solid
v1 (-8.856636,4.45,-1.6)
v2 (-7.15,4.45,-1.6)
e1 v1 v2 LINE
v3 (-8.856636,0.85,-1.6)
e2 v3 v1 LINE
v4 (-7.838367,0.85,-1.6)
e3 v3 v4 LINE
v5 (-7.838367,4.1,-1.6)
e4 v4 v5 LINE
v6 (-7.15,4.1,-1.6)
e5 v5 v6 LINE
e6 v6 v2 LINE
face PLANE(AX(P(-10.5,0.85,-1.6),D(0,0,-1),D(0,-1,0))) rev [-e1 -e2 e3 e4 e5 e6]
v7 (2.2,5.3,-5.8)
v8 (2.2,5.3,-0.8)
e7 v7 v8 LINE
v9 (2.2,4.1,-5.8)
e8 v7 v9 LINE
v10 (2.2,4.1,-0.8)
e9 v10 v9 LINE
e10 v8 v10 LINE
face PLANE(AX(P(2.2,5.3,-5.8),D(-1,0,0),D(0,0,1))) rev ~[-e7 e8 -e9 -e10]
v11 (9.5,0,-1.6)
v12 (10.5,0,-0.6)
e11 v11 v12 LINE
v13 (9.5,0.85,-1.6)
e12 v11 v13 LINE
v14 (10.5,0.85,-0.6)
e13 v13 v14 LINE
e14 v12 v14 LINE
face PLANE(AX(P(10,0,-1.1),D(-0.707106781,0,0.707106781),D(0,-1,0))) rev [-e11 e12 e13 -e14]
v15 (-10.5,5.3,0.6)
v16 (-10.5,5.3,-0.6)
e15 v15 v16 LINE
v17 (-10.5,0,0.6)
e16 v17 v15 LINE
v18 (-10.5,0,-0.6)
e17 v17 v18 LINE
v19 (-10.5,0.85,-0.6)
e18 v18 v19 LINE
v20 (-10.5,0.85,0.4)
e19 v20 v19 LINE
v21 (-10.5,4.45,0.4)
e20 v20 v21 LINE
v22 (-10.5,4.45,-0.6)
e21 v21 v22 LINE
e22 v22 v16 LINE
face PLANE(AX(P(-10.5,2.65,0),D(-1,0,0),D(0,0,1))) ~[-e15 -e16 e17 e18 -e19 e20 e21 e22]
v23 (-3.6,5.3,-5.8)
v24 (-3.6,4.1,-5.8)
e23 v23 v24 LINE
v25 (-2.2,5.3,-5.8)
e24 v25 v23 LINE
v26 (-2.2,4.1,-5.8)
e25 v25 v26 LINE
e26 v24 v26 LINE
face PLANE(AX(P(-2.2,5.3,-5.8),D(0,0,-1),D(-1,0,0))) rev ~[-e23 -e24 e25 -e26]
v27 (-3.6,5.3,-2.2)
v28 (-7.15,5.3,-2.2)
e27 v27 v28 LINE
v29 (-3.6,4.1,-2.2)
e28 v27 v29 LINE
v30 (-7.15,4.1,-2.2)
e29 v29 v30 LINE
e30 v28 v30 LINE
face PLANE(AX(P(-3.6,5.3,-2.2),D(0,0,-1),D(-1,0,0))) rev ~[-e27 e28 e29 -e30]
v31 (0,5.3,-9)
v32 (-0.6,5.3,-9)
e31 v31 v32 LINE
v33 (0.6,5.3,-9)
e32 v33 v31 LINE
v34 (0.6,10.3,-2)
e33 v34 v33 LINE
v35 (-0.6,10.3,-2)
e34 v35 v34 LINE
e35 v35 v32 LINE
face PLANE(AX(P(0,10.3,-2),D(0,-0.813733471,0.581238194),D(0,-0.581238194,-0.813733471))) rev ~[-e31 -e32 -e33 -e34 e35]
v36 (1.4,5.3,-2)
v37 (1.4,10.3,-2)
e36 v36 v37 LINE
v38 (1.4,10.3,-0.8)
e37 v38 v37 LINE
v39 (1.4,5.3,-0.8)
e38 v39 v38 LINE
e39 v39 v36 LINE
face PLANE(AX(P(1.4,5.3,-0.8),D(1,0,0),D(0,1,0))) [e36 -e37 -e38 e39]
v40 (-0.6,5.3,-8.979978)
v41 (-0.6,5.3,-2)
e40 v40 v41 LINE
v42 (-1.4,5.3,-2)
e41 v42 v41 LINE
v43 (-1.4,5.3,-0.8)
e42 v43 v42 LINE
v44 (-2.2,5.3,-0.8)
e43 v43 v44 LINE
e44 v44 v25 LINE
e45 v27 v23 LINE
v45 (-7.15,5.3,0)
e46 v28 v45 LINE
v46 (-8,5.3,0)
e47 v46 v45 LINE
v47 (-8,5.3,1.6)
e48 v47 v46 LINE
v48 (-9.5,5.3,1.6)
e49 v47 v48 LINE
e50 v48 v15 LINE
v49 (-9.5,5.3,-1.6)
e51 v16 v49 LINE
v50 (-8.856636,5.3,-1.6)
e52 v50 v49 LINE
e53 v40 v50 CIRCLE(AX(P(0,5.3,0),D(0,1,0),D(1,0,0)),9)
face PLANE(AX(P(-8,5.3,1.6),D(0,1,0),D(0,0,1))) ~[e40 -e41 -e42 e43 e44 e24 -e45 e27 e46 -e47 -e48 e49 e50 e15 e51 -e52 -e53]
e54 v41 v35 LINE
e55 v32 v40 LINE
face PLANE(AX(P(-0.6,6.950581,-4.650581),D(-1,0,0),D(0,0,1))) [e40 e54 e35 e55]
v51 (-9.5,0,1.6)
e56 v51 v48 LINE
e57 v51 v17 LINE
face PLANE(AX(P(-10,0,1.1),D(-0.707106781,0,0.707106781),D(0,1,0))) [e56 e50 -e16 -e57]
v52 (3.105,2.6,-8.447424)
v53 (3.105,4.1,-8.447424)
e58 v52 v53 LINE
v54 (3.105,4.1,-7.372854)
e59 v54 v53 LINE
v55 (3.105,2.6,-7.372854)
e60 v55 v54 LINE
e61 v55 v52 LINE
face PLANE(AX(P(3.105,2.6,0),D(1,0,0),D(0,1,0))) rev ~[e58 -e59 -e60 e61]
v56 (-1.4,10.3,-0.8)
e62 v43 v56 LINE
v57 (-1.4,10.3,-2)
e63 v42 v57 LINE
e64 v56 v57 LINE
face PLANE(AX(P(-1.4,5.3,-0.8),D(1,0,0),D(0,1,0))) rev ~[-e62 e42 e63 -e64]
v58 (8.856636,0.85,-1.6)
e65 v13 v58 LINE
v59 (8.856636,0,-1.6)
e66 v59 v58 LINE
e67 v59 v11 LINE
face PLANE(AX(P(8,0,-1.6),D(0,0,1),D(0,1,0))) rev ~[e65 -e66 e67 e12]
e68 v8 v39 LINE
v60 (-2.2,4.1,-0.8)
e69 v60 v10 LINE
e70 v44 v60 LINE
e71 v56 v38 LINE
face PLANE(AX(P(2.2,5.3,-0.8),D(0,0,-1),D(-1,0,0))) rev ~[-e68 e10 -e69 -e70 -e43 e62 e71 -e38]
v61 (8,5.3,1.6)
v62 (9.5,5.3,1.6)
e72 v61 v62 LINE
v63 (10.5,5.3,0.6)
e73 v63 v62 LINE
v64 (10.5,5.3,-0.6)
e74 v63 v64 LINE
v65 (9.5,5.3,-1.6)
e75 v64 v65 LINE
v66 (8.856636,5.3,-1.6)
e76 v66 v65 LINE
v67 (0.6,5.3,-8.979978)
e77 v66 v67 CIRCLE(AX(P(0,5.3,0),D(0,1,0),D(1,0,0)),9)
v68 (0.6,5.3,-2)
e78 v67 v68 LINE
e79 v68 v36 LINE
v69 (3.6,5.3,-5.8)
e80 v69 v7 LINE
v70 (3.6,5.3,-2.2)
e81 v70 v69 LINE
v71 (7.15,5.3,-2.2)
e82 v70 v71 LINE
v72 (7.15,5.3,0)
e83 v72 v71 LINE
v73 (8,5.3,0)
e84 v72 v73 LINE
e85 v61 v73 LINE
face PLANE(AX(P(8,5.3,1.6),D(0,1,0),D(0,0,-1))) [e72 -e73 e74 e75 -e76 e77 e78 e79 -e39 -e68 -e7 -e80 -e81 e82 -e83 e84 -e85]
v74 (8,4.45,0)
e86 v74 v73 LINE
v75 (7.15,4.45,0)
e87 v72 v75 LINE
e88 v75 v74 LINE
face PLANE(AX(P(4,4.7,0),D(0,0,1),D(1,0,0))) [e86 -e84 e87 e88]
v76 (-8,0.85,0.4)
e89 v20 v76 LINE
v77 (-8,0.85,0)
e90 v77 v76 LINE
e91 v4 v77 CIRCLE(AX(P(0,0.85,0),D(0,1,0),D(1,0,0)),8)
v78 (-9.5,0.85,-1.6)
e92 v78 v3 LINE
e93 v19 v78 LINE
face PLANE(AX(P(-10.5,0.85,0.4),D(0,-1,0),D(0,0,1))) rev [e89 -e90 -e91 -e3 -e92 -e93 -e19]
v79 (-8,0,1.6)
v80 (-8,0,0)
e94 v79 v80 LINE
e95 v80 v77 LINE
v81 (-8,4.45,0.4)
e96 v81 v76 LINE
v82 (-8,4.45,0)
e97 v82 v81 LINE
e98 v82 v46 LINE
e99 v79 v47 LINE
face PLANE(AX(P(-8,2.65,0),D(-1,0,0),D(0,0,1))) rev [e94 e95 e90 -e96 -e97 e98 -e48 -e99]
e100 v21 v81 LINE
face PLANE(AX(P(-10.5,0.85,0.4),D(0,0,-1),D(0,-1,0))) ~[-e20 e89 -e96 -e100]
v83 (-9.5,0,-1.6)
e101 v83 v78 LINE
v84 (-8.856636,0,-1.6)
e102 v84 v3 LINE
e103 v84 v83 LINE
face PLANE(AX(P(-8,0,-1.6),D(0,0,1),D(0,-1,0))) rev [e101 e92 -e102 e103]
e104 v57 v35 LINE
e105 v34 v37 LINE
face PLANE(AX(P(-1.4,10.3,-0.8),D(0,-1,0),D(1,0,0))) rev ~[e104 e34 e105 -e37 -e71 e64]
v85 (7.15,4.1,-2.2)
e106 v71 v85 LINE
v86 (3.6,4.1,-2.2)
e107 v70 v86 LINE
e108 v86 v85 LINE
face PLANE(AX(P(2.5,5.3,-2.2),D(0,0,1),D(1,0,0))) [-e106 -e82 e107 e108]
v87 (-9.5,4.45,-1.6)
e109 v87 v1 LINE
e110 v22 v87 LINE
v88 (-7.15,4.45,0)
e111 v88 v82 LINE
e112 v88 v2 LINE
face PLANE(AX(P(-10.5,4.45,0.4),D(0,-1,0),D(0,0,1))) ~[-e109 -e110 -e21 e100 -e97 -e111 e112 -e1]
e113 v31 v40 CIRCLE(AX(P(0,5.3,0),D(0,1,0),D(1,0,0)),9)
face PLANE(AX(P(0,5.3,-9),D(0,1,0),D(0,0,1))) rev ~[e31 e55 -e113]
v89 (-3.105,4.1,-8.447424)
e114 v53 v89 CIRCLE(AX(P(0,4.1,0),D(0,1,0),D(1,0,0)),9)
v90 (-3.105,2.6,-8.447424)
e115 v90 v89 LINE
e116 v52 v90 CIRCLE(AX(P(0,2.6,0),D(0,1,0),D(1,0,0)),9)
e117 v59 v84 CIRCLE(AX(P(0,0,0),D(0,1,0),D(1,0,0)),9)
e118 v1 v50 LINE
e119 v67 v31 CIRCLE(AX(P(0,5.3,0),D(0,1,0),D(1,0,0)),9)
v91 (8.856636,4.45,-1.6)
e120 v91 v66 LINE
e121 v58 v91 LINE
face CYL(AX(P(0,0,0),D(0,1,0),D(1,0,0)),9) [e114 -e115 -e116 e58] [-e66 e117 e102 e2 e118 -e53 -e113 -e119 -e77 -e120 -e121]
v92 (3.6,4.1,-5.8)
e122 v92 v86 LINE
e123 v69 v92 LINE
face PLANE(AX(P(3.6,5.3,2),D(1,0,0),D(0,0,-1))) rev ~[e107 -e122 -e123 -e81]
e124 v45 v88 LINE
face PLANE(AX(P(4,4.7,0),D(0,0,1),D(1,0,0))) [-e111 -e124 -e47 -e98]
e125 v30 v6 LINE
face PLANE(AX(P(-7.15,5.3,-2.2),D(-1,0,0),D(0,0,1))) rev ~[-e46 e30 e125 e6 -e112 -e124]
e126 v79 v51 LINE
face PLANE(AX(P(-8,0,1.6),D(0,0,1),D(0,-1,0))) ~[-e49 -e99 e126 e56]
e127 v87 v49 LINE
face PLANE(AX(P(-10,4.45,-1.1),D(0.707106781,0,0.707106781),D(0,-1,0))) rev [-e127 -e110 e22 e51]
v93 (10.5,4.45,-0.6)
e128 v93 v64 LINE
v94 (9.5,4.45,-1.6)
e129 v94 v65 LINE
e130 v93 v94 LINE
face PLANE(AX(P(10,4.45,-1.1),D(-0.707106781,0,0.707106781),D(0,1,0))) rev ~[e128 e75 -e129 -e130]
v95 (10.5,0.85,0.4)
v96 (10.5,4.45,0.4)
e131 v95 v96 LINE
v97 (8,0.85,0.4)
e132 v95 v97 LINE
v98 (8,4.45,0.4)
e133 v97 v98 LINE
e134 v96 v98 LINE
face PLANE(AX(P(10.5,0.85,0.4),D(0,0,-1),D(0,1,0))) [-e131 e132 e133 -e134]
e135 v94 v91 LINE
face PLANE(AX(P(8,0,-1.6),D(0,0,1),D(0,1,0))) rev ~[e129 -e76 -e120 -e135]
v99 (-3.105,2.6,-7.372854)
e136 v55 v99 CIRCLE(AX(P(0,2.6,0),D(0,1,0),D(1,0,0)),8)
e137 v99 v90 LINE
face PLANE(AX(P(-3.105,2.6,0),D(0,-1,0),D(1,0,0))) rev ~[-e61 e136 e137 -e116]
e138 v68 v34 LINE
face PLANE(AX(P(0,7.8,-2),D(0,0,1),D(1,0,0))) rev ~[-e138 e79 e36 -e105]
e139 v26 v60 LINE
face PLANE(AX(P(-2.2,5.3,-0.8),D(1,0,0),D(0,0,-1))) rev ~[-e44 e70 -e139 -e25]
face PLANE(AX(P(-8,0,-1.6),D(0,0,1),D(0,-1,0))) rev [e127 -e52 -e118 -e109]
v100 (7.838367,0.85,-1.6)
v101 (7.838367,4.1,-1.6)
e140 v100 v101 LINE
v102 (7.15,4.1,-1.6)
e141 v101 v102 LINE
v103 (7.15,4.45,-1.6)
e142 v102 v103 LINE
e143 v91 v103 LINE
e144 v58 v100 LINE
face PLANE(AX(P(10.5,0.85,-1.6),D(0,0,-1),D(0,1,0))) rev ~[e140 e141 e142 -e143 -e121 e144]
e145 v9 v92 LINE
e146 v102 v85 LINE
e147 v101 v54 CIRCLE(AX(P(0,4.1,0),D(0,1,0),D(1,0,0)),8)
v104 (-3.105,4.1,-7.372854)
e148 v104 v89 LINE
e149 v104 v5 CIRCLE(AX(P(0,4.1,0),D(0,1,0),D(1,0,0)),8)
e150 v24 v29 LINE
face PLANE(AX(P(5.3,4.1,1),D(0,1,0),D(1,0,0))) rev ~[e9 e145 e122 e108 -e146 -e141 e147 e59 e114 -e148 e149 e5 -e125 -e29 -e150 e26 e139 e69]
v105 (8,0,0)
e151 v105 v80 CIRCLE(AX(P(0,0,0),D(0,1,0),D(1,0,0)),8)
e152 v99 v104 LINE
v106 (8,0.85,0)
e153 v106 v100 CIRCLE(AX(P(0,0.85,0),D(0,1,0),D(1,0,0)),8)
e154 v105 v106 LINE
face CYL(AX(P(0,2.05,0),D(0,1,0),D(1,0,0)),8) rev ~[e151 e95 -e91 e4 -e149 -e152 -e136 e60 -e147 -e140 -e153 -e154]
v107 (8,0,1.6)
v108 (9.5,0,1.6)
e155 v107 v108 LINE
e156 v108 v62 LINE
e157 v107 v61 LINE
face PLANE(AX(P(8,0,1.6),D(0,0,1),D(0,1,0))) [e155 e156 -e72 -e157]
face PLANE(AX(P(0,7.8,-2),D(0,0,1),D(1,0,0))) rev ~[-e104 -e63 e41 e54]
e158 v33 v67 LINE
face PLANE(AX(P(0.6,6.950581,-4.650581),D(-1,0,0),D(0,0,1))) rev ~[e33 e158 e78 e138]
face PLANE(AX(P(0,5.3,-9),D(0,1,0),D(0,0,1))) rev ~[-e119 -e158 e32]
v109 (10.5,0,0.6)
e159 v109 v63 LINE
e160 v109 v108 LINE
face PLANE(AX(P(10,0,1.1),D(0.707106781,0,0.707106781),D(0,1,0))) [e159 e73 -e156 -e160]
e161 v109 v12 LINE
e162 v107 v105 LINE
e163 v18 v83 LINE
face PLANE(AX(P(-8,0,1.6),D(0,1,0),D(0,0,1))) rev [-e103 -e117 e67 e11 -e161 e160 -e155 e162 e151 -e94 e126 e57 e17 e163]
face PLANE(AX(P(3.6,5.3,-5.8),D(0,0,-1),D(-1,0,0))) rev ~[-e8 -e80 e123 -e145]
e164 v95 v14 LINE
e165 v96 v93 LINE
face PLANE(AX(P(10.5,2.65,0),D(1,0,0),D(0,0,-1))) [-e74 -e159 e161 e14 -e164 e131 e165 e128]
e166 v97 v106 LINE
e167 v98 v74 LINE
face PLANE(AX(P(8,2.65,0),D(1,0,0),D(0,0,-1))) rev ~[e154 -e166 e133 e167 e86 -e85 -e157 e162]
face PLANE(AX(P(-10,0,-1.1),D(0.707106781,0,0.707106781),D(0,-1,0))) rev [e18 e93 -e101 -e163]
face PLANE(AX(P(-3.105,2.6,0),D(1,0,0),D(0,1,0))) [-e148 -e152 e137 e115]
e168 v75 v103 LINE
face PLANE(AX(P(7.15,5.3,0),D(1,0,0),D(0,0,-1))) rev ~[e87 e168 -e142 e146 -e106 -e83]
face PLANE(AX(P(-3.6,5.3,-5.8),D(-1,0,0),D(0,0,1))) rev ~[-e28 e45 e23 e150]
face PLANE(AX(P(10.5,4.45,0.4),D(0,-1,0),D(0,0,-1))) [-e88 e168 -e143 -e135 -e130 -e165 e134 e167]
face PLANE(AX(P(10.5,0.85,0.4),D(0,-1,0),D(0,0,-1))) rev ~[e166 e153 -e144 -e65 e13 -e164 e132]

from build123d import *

# Parameters (mm, degrees)
SKETCH1_W           = 8
SKETCH1_H           = 1.2
SKETCH1_W_2         = 1
SKETCH1_H_2         = 4.1
REVOLVE1_ANGLE      = 180
SKETCH2_W           = 6.21
SKETCH2_H           = 1.5
CUT_EXTRUDE1_DEPTH  = 14.787313009
CUT_EXTRUDE2_DEPTH  = 14.787313009
SKETCH4_W           = 3.4
SKETCH4_H           = 2
BOSS_EXTRUDE1_DEPTH = 1.2
SKETCH6_W           = 2.8
SKETCH6_H           = 5
BOSS_EXTRUDE3_DEPTH = 1.2
BOSS_EXTRUDE4_DEPTH = 0.6
SKETCH8_W           = 4.65
SKETCH8_H           = 2.2
SKETCH8_W_2         = 16.704991512
SKETCH8_H_2         = 4.40240097
CUT_EXTRUDE3_DEPTH  = 10
SKETCH5_W           = 3.2
SKETCH5_H           = 5.3
BOSS_EXTRUDE5_DEPTH = 2.5
SKETCH9_W           = 2
SKETCH9_H           = 3.6
CUT_EXTRUDE4_DEPTH  = 5
CHAMFER1_SIZE       = 1


with BuildPart() as part:
    # Sketch1 → Revolve1 (revolve)
    with BuildSketch(Plane.XY):
        with Locations((4, 4.7)):
            Rectangle(SKETCH1_W, SKETCH1_H)
        with Locations((8.5, 4.7)):
            Rectangle(SKETCH1_W_2, SKETCH1_H)
        with Locations((8.5, 2.05)):
            Rectangle(SKETCH1_W_2, SKETCH1_H_2)
    revolve(axis=Axis((0, 0, 0), (0, 1, 0)), revolution_arc=REVOLVE1_ANGLE)

    # Sketch2 → Cut-Extrude1 (cut, through all)
    with BuildSketch(Plane.XY):
        with Locations((0, 3.35)):
            Rectangle(SKETCH2_W, SKETCH2_H)
    extrude(amount=-CUT_EXTRUDE1_DEPTH, mode=Mode.SUBTRACT)

    # Sketch3 → Cut-Extrude2 (cut, through all)
    with BuildSketch(Plane(origin=(0, 5.3, 0), x_dir=(1, 0, 0), z_dir=(0, 1, 0))):
        Polygon((-2.2, 5.8), (-3.6, 5.8), (-3.6, 0), (3.6, 0), (3.6, 5.8), (2.2, 5.8), (2.2, 0.8), (-2.2, 0.8), align=None)
    extrude(amount=-CUT_EXTRUDE2_DEPTH, mode=Mode.SUBTRACT)

    # Sketch4 → Boss-Extrude1 (add)
    with BuildSketch(Plane(origin=(0, 5.3, 0), x_dir=(1, 0, 0), z_dir=(0, 1, 0))):
        with Locations((5.3, -1)):
            Rectangle(SKETCH4_W, SKETCH4_H)
        with Locations((-5.3, -1)):
            Rectangle(SKETCH4_W, SKETCH4_H)
    extrude(amount=-BOSS_EXTRUDE1_DEPTH)

    # Sketch6 → Boss-Extrude3 (add)
    with BuildSketch(Plane.XY.offset(-0.8)):
        with Locations((0, 7.8)):
            Rectangle(SKETCH6_W, SKETCH6_H)
    extrude(amount=-BOSS_EXTRUDE3_DEPTH)

    # Sketch7 → Boss-Extrude4 (add, symmetric)
    with BuildSketch(Plane(origin=(0, 0, 0), x_dir=(0, 0, -1), z_dir=(1, 0, 0))):
        Polygon((2, 10.3), (9, 5.3), (2, 5.3), align=None)
    extrude(amount=BOSS_EXTRUDE4_DEPTH, both=True)

    # Sketch8 → Cut-Extrude3 (cut)
    with BuildSketch(Plane(origin=(0, 5.3, 0), x_dir=(1, 0, 0), z_dir=(0, 1, 0))):
        Polygon((-3.6, 0), (-3.6, 2.2), (-7.15, 2.2), (-7.15, 0), (-7, 0), align=None)
        with Locations((4.825, 1.1)):
            Rectangle(SKETCH8_W, SKETCH8_H)
        with Locations((1.202495756, -2.201200485)):
            Rectangle(SKETCH8_W_2, SKETCH8_H_2)
    extrude(amount=-CUT_EXTRUDE3_DEPTH, mode=Mode.SUBTRACT)

    # Sketch5 → Boss-Extrude5 (add)
    with BuildSketch(Plane(origin=(8, 0, 0), x_dir=(0, 0, -1), z_dir=(1, 0, 0))):
        with Locations((0, 2.65)):
            Rectangle(SKETCH5_W, SKETCH5_H)
    boss_extrude5 = extrude(amount=BOSS_EXTRUDE5_DEPTH)

    # Sketch9 → Cut-Extrude4 (cut)
    with BuildSketch(Plane(origin=(10.5, 0, 0), x_dir=(0, 0, -1), z_dir=(1, 0, 0))):
        with Locations((0.6, 2.65)):
            Rectangle(SKETCH9_W, SKETCH9_H)
    cut_extrude4 = extrude(amount=-CUT_EXTRUDE4_DEPTH, mode=Mode.SUBTRACT)

    # Mirror1: Boss-Extrude5, Cut-Extrude4 across plane
    add(boss_extrude5.mirror(Plane(origin=(0, 0, 0), x_dir=(0, 0, 1), z_dir=(1, 0, 0))))
    add(cut_extrude4.mirror(Plane(origin=(0, 0, 0), x_dir=(0, 0, 1), z_dir=(1, 0, 0))), mode=Mode.SUBTRACT)

    # Chamfer1
    chamfer1_edges = [part.edges().sort_by_distance(p)[0] for p in [
        (10.5, 4.875, -1.6),
        (10.5, 2.65, 1.6),
        (10.5, 0.425, -1.6),
        (-10.5, 2.65, 1.6),
        (-10.5, 4.875, -1.6),
        (-10.5, 0.425, -1.6),
    ]]
    chamfer(chamfer1_edges, length=CHAMFER1_SIZE)


solid = part.part
